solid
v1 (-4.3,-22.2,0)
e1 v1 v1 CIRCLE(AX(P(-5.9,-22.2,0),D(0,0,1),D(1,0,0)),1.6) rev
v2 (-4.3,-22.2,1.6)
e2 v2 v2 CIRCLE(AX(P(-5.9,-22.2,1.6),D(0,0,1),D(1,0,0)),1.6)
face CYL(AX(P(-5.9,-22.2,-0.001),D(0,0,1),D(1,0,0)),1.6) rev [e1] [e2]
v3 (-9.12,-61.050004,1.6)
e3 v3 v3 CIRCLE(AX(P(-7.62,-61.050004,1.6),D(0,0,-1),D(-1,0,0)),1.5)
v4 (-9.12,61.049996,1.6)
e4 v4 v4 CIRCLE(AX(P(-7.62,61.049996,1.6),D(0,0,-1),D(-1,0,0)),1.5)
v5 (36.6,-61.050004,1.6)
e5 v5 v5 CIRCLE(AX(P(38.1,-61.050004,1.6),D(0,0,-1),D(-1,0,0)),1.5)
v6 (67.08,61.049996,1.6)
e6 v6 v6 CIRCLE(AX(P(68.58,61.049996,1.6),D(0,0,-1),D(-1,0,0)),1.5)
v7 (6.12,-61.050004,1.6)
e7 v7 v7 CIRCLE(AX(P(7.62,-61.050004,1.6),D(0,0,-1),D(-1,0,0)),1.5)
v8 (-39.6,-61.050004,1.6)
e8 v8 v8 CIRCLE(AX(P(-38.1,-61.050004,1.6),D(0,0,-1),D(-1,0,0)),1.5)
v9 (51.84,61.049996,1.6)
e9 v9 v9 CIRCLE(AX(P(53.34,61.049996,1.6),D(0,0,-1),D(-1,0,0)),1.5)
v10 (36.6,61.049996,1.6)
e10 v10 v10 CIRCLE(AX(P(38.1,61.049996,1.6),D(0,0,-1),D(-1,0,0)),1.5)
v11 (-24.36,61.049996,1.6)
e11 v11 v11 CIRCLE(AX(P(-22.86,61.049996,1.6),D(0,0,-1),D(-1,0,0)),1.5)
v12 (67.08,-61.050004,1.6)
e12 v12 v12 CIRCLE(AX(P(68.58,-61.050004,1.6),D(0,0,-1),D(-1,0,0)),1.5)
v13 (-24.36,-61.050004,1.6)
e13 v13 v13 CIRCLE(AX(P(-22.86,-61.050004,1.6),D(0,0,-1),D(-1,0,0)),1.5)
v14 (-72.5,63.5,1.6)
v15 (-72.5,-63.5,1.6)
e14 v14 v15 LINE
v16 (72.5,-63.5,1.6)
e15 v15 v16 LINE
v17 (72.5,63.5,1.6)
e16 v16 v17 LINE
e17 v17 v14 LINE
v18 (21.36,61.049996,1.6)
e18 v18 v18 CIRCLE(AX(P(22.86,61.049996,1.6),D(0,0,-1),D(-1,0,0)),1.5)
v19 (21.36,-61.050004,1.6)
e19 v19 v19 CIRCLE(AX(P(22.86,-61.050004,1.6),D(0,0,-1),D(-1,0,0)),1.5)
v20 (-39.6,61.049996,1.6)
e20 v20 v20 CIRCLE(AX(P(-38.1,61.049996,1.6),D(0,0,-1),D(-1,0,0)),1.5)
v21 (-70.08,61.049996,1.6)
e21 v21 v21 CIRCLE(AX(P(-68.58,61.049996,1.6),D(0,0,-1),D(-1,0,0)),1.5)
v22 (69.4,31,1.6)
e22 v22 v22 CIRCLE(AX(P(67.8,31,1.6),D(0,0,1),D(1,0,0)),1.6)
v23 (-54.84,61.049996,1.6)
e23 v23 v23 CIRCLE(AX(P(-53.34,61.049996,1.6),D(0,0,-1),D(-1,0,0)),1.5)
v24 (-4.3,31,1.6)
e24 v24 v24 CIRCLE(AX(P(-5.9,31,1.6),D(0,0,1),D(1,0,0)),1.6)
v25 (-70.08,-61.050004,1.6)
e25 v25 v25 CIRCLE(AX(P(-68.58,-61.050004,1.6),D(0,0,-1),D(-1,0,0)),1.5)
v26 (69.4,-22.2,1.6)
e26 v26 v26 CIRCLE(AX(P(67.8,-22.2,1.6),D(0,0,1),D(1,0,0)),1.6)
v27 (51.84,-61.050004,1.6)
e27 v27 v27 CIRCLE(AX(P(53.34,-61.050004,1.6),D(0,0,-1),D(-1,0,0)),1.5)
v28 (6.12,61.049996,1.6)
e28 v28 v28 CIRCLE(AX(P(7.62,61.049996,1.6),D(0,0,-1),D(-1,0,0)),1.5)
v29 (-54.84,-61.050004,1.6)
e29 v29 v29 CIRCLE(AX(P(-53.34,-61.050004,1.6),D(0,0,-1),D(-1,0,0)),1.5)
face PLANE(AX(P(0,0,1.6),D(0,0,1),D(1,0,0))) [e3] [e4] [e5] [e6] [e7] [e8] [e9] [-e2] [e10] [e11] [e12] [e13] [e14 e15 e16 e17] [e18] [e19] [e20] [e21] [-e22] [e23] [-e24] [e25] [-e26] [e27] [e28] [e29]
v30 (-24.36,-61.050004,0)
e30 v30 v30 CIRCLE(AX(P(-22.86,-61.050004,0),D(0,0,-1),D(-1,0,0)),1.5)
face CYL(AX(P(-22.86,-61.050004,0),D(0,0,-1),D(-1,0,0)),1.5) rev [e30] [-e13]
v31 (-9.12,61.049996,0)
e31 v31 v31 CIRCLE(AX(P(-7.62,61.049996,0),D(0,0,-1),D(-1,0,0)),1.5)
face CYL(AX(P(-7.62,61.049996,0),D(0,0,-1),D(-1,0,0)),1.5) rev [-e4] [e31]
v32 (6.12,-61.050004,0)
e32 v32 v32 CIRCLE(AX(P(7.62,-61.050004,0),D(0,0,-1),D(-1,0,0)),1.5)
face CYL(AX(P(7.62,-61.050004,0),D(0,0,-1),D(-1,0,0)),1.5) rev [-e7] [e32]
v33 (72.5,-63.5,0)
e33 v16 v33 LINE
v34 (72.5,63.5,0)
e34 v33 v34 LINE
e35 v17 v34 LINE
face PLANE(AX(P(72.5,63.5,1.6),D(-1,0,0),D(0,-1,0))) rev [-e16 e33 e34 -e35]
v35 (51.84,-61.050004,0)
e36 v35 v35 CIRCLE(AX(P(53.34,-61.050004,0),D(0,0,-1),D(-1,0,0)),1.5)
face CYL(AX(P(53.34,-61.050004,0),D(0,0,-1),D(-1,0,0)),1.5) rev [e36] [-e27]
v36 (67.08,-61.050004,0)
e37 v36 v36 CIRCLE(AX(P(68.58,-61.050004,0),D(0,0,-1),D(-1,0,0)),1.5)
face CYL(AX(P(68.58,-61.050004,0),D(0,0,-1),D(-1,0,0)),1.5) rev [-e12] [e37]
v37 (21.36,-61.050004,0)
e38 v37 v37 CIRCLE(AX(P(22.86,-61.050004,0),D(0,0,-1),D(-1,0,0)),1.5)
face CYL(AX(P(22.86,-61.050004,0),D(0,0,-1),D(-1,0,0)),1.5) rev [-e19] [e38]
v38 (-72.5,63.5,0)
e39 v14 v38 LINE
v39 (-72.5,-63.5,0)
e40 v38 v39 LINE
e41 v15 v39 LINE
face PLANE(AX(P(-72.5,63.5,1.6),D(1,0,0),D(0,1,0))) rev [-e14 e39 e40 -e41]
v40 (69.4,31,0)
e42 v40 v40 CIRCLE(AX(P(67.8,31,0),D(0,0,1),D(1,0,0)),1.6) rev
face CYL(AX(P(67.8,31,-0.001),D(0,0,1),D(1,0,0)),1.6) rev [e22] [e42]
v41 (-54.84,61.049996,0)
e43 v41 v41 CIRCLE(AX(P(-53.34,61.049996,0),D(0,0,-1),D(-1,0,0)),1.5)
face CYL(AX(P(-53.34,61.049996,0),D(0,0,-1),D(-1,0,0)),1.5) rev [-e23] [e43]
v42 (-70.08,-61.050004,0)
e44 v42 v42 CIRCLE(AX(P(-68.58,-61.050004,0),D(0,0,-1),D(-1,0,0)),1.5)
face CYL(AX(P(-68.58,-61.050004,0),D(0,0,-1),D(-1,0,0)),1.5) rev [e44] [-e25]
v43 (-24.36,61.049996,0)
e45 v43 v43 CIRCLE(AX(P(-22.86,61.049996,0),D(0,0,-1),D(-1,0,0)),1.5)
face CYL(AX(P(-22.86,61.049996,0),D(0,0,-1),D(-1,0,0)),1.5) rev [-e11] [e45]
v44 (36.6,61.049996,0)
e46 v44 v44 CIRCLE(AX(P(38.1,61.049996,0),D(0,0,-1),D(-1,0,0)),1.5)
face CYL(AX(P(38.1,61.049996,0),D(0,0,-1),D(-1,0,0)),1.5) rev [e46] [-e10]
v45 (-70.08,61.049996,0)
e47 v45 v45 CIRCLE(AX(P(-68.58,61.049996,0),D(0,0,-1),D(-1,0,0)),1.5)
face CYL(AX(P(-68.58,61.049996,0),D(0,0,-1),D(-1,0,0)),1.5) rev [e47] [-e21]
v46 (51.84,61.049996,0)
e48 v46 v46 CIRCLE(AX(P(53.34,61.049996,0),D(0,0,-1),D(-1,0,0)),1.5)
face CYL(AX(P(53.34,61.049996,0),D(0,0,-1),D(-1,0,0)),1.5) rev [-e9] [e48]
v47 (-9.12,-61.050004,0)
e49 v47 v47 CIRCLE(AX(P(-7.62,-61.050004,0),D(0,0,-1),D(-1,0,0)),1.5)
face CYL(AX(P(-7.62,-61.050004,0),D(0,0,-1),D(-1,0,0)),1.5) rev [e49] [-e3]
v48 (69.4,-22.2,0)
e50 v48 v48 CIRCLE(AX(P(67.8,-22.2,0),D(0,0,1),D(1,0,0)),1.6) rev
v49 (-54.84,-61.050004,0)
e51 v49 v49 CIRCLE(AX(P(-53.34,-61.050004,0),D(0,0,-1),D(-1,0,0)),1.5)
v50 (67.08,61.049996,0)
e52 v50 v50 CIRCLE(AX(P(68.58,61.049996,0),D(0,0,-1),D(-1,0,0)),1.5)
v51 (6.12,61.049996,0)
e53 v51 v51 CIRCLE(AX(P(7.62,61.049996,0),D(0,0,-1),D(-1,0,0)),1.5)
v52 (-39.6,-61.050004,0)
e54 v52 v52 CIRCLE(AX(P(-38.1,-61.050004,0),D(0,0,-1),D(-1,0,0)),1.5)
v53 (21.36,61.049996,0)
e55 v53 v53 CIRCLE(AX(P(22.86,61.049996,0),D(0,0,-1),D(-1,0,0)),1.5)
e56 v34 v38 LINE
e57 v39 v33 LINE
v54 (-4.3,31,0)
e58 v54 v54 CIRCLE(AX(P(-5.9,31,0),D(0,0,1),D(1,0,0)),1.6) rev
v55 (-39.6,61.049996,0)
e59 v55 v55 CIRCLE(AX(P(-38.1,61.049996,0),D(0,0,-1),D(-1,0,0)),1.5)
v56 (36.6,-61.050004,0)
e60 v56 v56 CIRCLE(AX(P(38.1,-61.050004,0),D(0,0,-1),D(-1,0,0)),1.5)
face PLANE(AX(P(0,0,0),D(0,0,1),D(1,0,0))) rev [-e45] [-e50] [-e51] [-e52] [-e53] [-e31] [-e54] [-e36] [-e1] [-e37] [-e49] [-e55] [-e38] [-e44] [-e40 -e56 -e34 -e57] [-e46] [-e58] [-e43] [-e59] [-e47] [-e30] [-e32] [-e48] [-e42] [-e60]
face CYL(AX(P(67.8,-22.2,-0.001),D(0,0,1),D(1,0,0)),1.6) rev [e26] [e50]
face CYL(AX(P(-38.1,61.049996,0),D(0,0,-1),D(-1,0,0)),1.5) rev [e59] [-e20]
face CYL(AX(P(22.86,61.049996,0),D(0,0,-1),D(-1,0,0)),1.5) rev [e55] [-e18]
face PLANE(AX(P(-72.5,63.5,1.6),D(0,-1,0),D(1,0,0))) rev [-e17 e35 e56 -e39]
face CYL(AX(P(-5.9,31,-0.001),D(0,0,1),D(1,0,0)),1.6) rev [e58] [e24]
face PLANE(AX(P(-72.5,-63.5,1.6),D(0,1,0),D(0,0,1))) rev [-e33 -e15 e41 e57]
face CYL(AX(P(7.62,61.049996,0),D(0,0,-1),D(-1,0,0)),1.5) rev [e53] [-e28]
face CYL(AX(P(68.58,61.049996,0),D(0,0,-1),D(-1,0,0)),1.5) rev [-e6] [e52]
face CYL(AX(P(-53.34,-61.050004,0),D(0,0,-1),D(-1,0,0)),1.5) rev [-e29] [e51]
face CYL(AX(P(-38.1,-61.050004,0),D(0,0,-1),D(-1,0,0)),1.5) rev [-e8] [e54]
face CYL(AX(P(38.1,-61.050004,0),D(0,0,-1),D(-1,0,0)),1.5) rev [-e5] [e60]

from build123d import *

# Parameters (mm, degrees)
ESQUISSE1_W                   = 145
ESQUISSE1_H                   = 127
BOSS_EXTRU_1_DEPTH            = 1.6
DIAM_TRE_DU_PER_AGE_3_0_3_1_D = 3
ENL_V_MAT_EXTRU_1_REACH       = 98.39
ESQUISSE4_R                   = 1.6


with BuildPart() as part:
    # Esquisse1 → Boss.-Extru.1 (new body)
    with BuildSketch(Plane.XY):
        Rectangle(ESQUISSE1_W, ESQUISSE1_H)
    extrude(amount=BOSS_EXTRU_1_DEPTH)

    # Diamètre du perçage Ø3.0 (3)1 (through all)
    with Locations(Plane(origin=(0, 0, 0), x_dir=(-1, 0, 0), z_dir=(0, 0, -1))):
        with Locations((-68.58, 61.04999644), (-38.1, 61.04999644), (-7.62, 61.04999644), (22.86, 61.04999644), (53.34, 61.04999644), (68.58, 61.04999644), (-68.58, -61.05000356), (-53.34, -61.05000356), (-38.1, -61.05000356), (-22.86, -61.05000356), (-7.62, -61.05000356), (7.62, -61.05000356), (22.86, -61.05000356), (38.1, -61.05000356), (53.34, -61.05000356), (68.58, -61.05000356), (38.1, 61.04999644), (7.62, 61.04999644), (-22.86, 61.04999644), (-53.34, 61.04999644)):
            Hole(DIAM_TRE_DU_PER_AGE_3_0_3_1_D / 2)

    # Esquisse4 → Enlèv. mat.-Extru.1 (cut, up to next)
    with BuildSketch(Plane.XY.offset(1.6), mode=Mode.PRIVATE) as enl_v_mat_extru_1_sk1:
        with Locations((67.8, -22.2)):
            Circle(ESQUISSE4_R)
    enl_v_mat_extru_1_tool1 = extrude(enl_v_mat_extru_1_sk1.sketch, amount=-ENL_V_MAT_EXTRU_1_REACH, mode=Mode.PRIVATE) & part.part
    # Esquisse4 → Enlèv. mat.-Extru.1 (cut, up to next)
    with BuildSketch(Plane.XY.offset(1.6), mode=Mode.PRIVATE) as enl_v_mat_extru_1_sk2:
        with Locations((-5.9, -22.2)):
            Circle(ESQUISSE4_R)
    enl_v_mat_extru_1_tool2 = extrude(enl_v_mat_extru_1_sk2.sketch, amount=-ENL_V_MAT_EXTRU_1_REACH, mode=Mode.PRIVATE) & part.part
    # Esquisse4 → Enlèv. mat.-Extru.1 (cut, up to next)
    with BuildSketch(Plane.XY.offset(1.6), mode=Mode.PRIVATE) as enl_v_mat_extru_1_sk3:
        with Locations((-5.9, 31)):
            Circle(ESQUISSE4_R)
    enl_v_mat_extru_1_tool3 = extrude(enl_v_mat_extru_1_sk3.sketch, amount=-ENL_V_MAT_EXTRU_1_REACH, mode=Mode.PRIVATE) & part.part
    # Esquisse4 → Enlèv. mat.-Extru.1 (cut, up to next)
    with BuildSketch(Plane.XY.offset(1.6), mode=Mode.PRIVATE) as enl_v_mat_extru_1_sk4:
        with Locations((67.8, 31)):
            Circle(ESQUISSE4_R)
    enl_v_mat_extru_1_tool4 = extrude(enl_v_mat_extru_1_sk4.sketch, amount=-ENL_V_MAT_EXTRU_1_REACH, mode=Mode.PRIVATE) & part.part
    add(enl_v_mat_extru_1_tool1.solids().sort_by_distance((67.8, -22.2, 1.6))[0], mode=Mode.SUBTRACT)
    add(enl_v_mat_extru_1_tool2.solids().sort_by_distance((-5.9, -22.2, 1.6))[0], mode=Mode.SUBTRACT)
    add(enl_v_mat_extru_1_tool3.solids().sort_by_distance((-5.9, 31, 1.6))[0], mode=Mode.SUBTRACT)
    add(enl_v_mat_extru_1_tool4.solids().sort_by_distance((67.8, 31, 1.6))[0], mode=Mode.SUBTRACT)


solid = part.part
